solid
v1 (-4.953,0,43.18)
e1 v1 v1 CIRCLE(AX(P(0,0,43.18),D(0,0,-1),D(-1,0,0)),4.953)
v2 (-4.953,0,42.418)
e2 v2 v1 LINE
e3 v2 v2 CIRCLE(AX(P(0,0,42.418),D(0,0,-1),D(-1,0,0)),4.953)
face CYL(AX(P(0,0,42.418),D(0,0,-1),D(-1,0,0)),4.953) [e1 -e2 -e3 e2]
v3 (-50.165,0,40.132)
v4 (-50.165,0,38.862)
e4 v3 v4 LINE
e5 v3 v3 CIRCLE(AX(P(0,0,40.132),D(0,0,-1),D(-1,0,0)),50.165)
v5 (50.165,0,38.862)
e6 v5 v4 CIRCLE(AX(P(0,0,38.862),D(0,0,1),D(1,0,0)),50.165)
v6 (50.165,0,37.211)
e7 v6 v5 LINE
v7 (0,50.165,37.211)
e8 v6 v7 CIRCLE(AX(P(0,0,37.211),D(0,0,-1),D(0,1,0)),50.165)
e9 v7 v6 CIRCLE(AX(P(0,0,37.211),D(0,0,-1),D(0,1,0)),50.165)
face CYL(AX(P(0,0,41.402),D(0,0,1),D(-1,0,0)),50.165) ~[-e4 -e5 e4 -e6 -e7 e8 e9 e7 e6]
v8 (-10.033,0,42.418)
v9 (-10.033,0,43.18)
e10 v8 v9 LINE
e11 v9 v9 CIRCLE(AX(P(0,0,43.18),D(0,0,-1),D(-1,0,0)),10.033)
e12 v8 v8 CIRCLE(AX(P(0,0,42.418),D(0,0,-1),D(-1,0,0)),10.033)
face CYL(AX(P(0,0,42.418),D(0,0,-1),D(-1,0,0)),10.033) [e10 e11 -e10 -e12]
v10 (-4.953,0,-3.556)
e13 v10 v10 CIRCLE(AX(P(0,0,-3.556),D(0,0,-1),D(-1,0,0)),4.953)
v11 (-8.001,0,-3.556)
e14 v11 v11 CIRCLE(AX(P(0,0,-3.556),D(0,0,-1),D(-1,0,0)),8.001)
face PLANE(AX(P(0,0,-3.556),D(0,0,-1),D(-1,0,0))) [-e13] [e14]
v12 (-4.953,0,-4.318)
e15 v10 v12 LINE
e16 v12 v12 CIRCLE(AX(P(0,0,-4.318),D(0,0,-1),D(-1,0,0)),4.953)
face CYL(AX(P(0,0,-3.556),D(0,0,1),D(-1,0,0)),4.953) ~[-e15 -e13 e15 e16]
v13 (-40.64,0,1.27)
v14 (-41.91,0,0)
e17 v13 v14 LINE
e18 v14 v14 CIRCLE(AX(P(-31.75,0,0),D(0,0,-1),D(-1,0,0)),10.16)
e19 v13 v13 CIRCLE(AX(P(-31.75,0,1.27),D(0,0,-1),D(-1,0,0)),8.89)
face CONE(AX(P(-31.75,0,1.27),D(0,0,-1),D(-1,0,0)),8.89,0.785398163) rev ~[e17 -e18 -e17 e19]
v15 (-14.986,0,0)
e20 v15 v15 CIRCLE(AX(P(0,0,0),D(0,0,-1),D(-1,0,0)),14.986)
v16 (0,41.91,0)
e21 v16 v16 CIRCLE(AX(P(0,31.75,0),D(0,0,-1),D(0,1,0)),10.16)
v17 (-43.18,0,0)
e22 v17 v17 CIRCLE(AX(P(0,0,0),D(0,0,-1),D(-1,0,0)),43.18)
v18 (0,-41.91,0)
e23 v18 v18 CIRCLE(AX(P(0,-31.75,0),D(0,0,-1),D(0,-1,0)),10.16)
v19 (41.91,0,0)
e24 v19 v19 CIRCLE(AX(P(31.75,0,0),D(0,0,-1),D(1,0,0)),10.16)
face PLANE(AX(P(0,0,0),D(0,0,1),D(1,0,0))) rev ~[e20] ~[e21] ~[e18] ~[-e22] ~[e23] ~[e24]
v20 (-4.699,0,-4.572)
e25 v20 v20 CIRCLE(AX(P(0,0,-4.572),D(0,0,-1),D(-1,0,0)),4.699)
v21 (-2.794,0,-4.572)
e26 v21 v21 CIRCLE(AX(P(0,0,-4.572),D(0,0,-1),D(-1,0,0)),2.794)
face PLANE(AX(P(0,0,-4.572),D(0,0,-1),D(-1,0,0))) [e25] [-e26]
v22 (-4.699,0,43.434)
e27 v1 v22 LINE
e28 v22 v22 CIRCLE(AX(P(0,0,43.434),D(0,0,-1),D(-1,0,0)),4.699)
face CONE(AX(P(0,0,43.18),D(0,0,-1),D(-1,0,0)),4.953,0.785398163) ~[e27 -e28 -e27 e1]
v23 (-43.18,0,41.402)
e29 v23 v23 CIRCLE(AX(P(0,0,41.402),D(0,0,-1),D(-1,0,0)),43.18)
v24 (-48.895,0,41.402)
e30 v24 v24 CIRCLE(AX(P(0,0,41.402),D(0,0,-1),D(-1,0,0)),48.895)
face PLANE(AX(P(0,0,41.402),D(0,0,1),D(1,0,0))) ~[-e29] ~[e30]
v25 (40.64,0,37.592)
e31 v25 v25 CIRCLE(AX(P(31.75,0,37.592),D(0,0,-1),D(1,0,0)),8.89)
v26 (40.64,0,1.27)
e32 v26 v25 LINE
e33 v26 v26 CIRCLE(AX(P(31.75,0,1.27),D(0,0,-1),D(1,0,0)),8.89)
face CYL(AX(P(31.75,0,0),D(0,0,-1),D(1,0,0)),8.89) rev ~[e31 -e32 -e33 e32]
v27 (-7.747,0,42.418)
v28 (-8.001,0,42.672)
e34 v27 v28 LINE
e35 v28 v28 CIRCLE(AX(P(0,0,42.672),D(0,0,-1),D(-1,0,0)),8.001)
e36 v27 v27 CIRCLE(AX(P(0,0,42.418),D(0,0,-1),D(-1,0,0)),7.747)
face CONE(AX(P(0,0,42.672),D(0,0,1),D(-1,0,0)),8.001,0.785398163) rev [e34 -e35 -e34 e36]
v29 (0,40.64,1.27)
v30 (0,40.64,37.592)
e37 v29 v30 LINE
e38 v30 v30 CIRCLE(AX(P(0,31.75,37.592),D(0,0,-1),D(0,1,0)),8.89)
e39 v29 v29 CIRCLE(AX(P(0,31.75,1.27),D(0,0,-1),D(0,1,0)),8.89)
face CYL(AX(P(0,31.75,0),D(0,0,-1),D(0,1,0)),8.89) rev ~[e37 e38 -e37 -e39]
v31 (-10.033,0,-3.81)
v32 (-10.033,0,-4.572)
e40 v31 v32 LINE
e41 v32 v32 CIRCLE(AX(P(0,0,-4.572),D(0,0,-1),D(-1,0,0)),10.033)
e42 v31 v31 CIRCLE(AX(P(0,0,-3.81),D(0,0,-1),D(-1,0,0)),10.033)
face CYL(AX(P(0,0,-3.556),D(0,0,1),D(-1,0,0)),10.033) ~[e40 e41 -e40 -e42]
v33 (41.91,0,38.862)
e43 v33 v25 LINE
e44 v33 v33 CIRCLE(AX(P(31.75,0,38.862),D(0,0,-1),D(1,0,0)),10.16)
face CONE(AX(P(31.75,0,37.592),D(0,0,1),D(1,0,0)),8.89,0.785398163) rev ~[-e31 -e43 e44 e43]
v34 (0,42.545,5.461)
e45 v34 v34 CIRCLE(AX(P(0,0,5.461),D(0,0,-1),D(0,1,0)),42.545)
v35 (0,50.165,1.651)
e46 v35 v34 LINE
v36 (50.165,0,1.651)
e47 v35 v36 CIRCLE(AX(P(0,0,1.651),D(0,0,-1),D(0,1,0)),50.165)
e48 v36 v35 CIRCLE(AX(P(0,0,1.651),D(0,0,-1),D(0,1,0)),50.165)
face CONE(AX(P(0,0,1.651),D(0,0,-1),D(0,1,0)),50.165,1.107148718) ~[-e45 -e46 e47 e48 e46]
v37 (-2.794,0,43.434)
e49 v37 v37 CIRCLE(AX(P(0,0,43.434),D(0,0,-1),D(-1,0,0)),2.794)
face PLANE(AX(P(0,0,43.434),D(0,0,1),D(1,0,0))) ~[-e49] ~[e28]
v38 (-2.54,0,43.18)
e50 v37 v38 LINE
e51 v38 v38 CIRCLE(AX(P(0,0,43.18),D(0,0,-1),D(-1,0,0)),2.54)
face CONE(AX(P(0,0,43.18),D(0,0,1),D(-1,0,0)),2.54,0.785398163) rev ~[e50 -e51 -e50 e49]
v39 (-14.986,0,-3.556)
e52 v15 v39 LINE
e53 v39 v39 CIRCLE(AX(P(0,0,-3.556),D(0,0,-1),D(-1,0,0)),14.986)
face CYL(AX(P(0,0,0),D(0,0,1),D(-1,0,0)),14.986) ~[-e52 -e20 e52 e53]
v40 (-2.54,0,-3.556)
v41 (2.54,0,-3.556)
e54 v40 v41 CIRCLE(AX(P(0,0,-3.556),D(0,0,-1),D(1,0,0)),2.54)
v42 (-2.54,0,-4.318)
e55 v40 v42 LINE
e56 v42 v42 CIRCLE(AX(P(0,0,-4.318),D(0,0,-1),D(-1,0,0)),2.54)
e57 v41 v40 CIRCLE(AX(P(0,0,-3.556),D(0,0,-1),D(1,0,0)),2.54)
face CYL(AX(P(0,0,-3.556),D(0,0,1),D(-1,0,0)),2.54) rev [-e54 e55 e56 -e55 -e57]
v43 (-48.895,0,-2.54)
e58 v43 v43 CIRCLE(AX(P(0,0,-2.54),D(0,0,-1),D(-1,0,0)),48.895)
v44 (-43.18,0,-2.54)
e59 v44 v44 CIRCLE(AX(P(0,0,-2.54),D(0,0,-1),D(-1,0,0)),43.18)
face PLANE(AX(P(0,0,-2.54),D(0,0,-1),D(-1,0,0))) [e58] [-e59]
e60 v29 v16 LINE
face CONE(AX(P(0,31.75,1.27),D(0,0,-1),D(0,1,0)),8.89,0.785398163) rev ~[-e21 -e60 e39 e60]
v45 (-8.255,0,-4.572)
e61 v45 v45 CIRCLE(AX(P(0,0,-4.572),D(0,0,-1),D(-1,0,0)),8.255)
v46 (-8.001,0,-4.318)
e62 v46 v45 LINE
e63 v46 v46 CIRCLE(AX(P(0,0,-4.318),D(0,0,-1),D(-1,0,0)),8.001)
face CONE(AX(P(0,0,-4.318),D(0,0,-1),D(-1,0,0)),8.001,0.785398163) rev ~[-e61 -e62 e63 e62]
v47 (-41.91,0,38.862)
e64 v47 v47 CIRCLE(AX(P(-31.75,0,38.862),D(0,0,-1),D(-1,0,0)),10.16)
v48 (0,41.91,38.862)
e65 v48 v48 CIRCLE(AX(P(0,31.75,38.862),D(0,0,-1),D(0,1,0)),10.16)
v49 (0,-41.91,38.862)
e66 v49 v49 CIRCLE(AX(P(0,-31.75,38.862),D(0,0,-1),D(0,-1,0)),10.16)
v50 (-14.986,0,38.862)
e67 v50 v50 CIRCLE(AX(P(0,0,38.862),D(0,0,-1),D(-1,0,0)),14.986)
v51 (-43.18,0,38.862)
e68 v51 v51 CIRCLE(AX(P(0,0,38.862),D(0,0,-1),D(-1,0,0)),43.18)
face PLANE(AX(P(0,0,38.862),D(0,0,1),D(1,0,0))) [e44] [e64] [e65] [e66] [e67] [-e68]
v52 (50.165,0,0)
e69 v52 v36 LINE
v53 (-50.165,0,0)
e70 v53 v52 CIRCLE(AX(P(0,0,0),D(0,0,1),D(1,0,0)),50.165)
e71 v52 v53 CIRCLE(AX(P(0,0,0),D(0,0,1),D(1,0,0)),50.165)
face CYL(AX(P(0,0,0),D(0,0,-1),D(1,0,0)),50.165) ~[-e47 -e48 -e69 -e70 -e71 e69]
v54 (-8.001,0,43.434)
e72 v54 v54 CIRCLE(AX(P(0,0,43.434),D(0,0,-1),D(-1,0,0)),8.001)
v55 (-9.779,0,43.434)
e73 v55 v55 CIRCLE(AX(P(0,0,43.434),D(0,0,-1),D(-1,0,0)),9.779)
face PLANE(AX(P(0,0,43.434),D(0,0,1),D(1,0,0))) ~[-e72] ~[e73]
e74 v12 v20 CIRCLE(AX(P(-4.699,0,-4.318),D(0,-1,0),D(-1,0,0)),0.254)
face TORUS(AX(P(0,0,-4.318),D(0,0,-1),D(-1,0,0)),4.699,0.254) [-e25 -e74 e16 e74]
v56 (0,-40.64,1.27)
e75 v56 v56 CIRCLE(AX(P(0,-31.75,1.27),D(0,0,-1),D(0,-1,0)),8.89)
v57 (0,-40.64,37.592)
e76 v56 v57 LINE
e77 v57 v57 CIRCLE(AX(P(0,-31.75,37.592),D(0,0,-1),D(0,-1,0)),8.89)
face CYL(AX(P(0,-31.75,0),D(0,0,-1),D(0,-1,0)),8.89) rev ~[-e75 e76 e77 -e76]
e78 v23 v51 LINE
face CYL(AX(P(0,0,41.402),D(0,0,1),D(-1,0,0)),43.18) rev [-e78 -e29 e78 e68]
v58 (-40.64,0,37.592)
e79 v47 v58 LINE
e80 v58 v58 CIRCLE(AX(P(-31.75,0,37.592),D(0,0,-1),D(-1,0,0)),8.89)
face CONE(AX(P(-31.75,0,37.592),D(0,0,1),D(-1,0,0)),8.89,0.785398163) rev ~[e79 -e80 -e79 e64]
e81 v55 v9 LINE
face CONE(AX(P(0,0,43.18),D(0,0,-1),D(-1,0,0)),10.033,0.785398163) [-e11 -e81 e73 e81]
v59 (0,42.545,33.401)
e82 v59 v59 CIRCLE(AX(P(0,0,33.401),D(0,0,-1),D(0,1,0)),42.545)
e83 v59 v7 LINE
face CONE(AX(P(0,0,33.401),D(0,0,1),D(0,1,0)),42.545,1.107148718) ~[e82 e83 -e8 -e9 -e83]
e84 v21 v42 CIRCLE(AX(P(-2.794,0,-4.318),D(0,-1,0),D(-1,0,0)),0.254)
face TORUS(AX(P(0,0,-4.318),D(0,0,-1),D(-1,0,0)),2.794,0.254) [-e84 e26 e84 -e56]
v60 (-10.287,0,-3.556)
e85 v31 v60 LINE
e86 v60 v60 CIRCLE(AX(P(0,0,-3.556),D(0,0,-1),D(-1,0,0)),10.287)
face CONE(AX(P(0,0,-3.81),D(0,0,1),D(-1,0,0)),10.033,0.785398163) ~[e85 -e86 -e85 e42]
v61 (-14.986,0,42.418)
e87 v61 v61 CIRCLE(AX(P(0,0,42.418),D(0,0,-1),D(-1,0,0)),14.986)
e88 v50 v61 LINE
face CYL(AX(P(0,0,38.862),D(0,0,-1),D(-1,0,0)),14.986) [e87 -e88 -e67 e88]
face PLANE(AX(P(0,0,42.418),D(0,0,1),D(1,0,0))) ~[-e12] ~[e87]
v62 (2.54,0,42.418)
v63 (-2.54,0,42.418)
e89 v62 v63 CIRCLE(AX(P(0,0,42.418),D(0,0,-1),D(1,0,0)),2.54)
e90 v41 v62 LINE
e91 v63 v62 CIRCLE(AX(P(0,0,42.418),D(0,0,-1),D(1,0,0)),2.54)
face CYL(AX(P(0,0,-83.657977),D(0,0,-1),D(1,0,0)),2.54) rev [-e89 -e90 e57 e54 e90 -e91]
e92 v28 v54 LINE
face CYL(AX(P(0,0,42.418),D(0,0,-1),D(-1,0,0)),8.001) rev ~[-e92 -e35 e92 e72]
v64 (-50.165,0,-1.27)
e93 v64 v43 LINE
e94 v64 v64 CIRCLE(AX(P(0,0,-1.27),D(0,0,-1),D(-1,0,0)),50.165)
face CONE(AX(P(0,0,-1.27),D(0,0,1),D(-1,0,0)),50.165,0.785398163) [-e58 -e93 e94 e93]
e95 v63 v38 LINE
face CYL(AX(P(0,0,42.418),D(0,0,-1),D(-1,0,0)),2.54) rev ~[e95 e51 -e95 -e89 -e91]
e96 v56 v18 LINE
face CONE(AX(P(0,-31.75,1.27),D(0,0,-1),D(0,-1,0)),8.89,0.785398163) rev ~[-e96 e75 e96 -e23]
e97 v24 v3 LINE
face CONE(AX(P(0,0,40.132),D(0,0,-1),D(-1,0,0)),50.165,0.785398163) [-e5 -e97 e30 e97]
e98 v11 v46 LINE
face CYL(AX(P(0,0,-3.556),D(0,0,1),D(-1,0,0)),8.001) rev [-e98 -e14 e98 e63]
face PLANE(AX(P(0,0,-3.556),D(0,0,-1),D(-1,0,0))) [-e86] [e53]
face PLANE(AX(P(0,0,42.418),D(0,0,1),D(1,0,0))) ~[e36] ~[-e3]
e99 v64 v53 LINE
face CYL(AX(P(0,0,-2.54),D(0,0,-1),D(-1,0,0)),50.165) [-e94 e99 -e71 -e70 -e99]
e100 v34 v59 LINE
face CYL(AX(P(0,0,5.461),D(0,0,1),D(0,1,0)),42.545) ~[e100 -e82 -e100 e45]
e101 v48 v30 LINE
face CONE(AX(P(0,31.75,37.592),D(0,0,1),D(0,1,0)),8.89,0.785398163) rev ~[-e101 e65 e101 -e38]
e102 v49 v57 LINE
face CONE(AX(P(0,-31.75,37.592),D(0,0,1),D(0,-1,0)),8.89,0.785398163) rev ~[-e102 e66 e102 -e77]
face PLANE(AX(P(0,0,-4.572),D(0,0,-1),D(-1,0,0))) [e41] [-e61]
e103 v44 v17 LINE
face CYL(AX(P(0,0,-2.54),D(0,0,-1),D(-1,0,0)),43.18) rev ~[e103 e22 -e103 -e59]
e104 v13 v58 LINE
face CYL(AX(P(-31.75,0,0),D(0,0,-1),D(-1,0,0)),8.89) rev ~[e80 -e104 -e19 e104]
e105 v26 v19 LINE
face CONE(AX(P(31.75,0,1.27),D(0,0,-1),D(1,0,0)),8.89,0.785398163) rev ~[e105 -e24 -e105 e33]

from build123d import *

# Parameters (mm, degrees)
SKETCH2_R               = 50.165
BOSS_EXTRUDE1_DEPTH     = 38.862
SKETCH3_R               = 14.986
BOSS_EXTRUDE2_DEPTH     = 3.556
BOSS_EXTRUDE3_START     = 2.54
SKETCH4_R               = 50.165
SKETCH4_R_2             = 43.18
BOSS_EXTRUDE3_DEPTH     = 2.54
SKETCH5_R               = 8.89
CUT_EXTRUDE1_DEPTH      = 81.890725637
CIRPATTERN1_COUNT       = 4
CUT_EXTRUDE2_DEPTH      = 83.657977074
CUT_EXTRUDE2_DEPTH_BACK = 83.657977074
SKETCH6_R               = 2.54
SKETCH7_R               = 10.033
SKETCH7_R_2             = 8.001
BOSS_EXTRUDE4_DEPTH     = 1.016
SKETCH8_R               = 4.953
SKETCH8_R_2             = 2.54
BOSS_EXTRUDE5_DEPTH     = 1.016
CHAMFER1_SIZE           = 0.254
FILLET1_R               = 0.254
CHAMFER2_SIZE           = 1.27
CHAMFER3_SIZE           = 1.27
CHAMFER4_SIZE           = 0.254


with BuildPart() as part:
    # Sketch2 → Boss-Extrude1 (new body)
    with BuildSketch(Plane.XY):
        Circle(SKETCH2_R)
    extrude(amount=BOSS_EXTRUDE1_DEPTH)

    # Sketch3 → Boss-Extrude2 (add)
    with BuildSketch(Plane(origin=(0, 0, 0), x_dir=(-1, 0, 0), z_dir=(0, 0, -1))):
        Circle(SKETCH3_R)
    boss_extrude2 = extrude(amount=BOSS_EXTRUDE2_DEPTH)

    # Sketch4 → Boss-Extrude3 (add)
    with BuildSketch(Plane(origin=(0, 0, 0), x_dir=(-1, 0, 0), z_dir=(0, 0, -1)).offset(BOSS_EXTRUDE3_START)):
        Circle(SKETCH4_R)
        Circle(SKETCH4_R_2, mode=Mode.SUBTRACT)
    boss_extrude3 = extrude(amount=-BOSS_EXTRUDE3_DEPTH)

    # Sketch5 → Cut-Extrude1 (cut, through all)
    with BuildSketch(Plane(origin=(0, 0, 0), x_dir=(-1, 0, 0), z_dir=(0, 0, -1))):
        with Locations((31.75, 0)):
            Circle(SKETCH5_R)
    cut_extrude1 = extrude(amount=-CUT_EXTRUDE1_DEPTH, mode=Mode.SUBTRACT)

    # CirPattern1: Cut-Extrude1 ×4 about axis
    cirpattern1_axis = Axis((0, 0, 38.862), (0, 0, -1))
    for i in range(1, CIRPATTERN1_COUNT):
        add(cut_extrude1.rotate(cirpattern1_axis, i * 360 / CIRPATTERN1_COUNT), mode=Mode.SUBTRACT)

    # Mirror1: Boss-Extrude3 across plane
    add(boss_extrude3.mirror(Plane(origin=(0, 0, 19.431), x_dir=(1, 0, 0), z_dir=(0, 0, -1))))

    # Mirror2: Boss-Extrude2 across plane
    add(boss_extrude2.mirror(Plane(origin=(0, 0, 19.431), x_dir=(1, 0, 0), z_dir=(0, 0, -1))))

    # Sketch6 → Cut-Extrude2 (cut, two sides: drawn at the far end of the back side and taken through both)
    with BuildSketch(Plane.XY.offset(-CUT_EXTRUDE2_DEPTH_BACK)):
        Circle(SKETCH6_R)
    extrude(amount=CUT_EXTRUDE2_DEPTH + CUT_EXTRUDE2_DEPTH_BACK, mode=Mode.SUBTRACT)

    # Sketch7 → Boss-Extrude4 (add)
    with BuildSketch(Plane(origin=(0, 0, -3.556), x_dir=(-1, 0, 0), z_dir=(0, 0, -1))):
        Circle(SKETCH7_R)
        Circle(SKETCH7_R_2, mode=Mode.SUBTRACT)
    boss_extrude4 = extrude(amount=BOSS_EXTRUDE4_DEPTH)

    # Sketch8 → Boss-Extrude5 (add)
    with BuildSketch(Plane(origin=(0, 0, -3.556), x_dir=(-1, 0, 0), z_dir=(0, 0, -1))):
        Circle(SKETCH8_R)
        Circle(SKETCH8_R_2, mode=Mode.SUBTRACT)
    boss_extrude5 = extrude(amount=BOSS_EXTRUDE5_DEPTH)

    # Chamfer1
    chamfer1_edges = [part.edges().sort_by_distance(p)[0] for p in [
        (8.001, 0, -4.572),
        (10.033, 0, -3.556),
    ]]
    chamfer(chamfer1_edges, length=CHAMFER1_SIZE)

    # Fillet1
    fillet1_edges = [part.edges().sort_by_distance(p)[0] for p in [
        (2.54, 0, -4.572),
        (4.953, 0, -4.572),
    ]]
    fillet(fillet1_edges, radius=FILLET1_R)

    # Chamfer2
    chamfer2_edges = [part.edges().sort_by_distance(p)[0] for p in [
        (0, -22.86, 0),
        (0, -22.86, 38.862),
        (-22.86, 0, 0),
        (-22.86, 0, 38.862),
        (0, 22.86, 0),
        (0, 22.86, 38.862),
        (22.86, 0, 0),
        (22.86, 0, 38.862),
    ]]
    chamfer(chamfer2_edges, length=CHAMFER2_SIZE)

    # Chamfer3
    chamfer3_edges = [part.edges().sort_by_distance(p)[0] for p in [
        (50.165, 0, -2.54),
        (50.165, 0, 41.402),
    ]]
    chamfer(chamfer3_edges, length=CHAMFER3_SIZE)

    # Sketch9 → Cut-Revolve1 (revolve, cut)
    with BuildSketch(Plane(origin=(0, 0, 0), x_dir=(0, 0, -1), z_dir=(1, 0, 0))):
        Polygon((-5.461, 42.545), (-33.401, 42.545), (-37.211, 50.165), (-1.651, 50.165), align=None)
    revolve(axis=Axis((0, 0, 38.862), (0, 0, -1)), mode=Mode.SUBTRACT)

    # Mirror3: Boss-Extrude5 across plane
    add(boss_extrude5.mirror(Plane(origin=(0, 0, 19.431), x_dir=(1, 0, 0), z_dir=(0, 0, -1))))

    # Mirror4: Boss-Extrude4 across plane
    add(boss_extrude4.mirror(Plane(origin=(0, 0, 19.431), x_dir=(1, 0, 0), z_dir=(0, 0, -1))))

    # Chamfer4
    chamfer4_edges = [part.edges().sort_by_distance(p)[0] for p in [
        (8.001, 0, 42.418),
        (2.54, 0, 43.434),
        (4.953, 0, 43.434),
        (10.033, 0, 43.434),
    ]]
    chamfer(chamfer4_edges, length=CHAMFER4_SIZE)


solid = part.part
